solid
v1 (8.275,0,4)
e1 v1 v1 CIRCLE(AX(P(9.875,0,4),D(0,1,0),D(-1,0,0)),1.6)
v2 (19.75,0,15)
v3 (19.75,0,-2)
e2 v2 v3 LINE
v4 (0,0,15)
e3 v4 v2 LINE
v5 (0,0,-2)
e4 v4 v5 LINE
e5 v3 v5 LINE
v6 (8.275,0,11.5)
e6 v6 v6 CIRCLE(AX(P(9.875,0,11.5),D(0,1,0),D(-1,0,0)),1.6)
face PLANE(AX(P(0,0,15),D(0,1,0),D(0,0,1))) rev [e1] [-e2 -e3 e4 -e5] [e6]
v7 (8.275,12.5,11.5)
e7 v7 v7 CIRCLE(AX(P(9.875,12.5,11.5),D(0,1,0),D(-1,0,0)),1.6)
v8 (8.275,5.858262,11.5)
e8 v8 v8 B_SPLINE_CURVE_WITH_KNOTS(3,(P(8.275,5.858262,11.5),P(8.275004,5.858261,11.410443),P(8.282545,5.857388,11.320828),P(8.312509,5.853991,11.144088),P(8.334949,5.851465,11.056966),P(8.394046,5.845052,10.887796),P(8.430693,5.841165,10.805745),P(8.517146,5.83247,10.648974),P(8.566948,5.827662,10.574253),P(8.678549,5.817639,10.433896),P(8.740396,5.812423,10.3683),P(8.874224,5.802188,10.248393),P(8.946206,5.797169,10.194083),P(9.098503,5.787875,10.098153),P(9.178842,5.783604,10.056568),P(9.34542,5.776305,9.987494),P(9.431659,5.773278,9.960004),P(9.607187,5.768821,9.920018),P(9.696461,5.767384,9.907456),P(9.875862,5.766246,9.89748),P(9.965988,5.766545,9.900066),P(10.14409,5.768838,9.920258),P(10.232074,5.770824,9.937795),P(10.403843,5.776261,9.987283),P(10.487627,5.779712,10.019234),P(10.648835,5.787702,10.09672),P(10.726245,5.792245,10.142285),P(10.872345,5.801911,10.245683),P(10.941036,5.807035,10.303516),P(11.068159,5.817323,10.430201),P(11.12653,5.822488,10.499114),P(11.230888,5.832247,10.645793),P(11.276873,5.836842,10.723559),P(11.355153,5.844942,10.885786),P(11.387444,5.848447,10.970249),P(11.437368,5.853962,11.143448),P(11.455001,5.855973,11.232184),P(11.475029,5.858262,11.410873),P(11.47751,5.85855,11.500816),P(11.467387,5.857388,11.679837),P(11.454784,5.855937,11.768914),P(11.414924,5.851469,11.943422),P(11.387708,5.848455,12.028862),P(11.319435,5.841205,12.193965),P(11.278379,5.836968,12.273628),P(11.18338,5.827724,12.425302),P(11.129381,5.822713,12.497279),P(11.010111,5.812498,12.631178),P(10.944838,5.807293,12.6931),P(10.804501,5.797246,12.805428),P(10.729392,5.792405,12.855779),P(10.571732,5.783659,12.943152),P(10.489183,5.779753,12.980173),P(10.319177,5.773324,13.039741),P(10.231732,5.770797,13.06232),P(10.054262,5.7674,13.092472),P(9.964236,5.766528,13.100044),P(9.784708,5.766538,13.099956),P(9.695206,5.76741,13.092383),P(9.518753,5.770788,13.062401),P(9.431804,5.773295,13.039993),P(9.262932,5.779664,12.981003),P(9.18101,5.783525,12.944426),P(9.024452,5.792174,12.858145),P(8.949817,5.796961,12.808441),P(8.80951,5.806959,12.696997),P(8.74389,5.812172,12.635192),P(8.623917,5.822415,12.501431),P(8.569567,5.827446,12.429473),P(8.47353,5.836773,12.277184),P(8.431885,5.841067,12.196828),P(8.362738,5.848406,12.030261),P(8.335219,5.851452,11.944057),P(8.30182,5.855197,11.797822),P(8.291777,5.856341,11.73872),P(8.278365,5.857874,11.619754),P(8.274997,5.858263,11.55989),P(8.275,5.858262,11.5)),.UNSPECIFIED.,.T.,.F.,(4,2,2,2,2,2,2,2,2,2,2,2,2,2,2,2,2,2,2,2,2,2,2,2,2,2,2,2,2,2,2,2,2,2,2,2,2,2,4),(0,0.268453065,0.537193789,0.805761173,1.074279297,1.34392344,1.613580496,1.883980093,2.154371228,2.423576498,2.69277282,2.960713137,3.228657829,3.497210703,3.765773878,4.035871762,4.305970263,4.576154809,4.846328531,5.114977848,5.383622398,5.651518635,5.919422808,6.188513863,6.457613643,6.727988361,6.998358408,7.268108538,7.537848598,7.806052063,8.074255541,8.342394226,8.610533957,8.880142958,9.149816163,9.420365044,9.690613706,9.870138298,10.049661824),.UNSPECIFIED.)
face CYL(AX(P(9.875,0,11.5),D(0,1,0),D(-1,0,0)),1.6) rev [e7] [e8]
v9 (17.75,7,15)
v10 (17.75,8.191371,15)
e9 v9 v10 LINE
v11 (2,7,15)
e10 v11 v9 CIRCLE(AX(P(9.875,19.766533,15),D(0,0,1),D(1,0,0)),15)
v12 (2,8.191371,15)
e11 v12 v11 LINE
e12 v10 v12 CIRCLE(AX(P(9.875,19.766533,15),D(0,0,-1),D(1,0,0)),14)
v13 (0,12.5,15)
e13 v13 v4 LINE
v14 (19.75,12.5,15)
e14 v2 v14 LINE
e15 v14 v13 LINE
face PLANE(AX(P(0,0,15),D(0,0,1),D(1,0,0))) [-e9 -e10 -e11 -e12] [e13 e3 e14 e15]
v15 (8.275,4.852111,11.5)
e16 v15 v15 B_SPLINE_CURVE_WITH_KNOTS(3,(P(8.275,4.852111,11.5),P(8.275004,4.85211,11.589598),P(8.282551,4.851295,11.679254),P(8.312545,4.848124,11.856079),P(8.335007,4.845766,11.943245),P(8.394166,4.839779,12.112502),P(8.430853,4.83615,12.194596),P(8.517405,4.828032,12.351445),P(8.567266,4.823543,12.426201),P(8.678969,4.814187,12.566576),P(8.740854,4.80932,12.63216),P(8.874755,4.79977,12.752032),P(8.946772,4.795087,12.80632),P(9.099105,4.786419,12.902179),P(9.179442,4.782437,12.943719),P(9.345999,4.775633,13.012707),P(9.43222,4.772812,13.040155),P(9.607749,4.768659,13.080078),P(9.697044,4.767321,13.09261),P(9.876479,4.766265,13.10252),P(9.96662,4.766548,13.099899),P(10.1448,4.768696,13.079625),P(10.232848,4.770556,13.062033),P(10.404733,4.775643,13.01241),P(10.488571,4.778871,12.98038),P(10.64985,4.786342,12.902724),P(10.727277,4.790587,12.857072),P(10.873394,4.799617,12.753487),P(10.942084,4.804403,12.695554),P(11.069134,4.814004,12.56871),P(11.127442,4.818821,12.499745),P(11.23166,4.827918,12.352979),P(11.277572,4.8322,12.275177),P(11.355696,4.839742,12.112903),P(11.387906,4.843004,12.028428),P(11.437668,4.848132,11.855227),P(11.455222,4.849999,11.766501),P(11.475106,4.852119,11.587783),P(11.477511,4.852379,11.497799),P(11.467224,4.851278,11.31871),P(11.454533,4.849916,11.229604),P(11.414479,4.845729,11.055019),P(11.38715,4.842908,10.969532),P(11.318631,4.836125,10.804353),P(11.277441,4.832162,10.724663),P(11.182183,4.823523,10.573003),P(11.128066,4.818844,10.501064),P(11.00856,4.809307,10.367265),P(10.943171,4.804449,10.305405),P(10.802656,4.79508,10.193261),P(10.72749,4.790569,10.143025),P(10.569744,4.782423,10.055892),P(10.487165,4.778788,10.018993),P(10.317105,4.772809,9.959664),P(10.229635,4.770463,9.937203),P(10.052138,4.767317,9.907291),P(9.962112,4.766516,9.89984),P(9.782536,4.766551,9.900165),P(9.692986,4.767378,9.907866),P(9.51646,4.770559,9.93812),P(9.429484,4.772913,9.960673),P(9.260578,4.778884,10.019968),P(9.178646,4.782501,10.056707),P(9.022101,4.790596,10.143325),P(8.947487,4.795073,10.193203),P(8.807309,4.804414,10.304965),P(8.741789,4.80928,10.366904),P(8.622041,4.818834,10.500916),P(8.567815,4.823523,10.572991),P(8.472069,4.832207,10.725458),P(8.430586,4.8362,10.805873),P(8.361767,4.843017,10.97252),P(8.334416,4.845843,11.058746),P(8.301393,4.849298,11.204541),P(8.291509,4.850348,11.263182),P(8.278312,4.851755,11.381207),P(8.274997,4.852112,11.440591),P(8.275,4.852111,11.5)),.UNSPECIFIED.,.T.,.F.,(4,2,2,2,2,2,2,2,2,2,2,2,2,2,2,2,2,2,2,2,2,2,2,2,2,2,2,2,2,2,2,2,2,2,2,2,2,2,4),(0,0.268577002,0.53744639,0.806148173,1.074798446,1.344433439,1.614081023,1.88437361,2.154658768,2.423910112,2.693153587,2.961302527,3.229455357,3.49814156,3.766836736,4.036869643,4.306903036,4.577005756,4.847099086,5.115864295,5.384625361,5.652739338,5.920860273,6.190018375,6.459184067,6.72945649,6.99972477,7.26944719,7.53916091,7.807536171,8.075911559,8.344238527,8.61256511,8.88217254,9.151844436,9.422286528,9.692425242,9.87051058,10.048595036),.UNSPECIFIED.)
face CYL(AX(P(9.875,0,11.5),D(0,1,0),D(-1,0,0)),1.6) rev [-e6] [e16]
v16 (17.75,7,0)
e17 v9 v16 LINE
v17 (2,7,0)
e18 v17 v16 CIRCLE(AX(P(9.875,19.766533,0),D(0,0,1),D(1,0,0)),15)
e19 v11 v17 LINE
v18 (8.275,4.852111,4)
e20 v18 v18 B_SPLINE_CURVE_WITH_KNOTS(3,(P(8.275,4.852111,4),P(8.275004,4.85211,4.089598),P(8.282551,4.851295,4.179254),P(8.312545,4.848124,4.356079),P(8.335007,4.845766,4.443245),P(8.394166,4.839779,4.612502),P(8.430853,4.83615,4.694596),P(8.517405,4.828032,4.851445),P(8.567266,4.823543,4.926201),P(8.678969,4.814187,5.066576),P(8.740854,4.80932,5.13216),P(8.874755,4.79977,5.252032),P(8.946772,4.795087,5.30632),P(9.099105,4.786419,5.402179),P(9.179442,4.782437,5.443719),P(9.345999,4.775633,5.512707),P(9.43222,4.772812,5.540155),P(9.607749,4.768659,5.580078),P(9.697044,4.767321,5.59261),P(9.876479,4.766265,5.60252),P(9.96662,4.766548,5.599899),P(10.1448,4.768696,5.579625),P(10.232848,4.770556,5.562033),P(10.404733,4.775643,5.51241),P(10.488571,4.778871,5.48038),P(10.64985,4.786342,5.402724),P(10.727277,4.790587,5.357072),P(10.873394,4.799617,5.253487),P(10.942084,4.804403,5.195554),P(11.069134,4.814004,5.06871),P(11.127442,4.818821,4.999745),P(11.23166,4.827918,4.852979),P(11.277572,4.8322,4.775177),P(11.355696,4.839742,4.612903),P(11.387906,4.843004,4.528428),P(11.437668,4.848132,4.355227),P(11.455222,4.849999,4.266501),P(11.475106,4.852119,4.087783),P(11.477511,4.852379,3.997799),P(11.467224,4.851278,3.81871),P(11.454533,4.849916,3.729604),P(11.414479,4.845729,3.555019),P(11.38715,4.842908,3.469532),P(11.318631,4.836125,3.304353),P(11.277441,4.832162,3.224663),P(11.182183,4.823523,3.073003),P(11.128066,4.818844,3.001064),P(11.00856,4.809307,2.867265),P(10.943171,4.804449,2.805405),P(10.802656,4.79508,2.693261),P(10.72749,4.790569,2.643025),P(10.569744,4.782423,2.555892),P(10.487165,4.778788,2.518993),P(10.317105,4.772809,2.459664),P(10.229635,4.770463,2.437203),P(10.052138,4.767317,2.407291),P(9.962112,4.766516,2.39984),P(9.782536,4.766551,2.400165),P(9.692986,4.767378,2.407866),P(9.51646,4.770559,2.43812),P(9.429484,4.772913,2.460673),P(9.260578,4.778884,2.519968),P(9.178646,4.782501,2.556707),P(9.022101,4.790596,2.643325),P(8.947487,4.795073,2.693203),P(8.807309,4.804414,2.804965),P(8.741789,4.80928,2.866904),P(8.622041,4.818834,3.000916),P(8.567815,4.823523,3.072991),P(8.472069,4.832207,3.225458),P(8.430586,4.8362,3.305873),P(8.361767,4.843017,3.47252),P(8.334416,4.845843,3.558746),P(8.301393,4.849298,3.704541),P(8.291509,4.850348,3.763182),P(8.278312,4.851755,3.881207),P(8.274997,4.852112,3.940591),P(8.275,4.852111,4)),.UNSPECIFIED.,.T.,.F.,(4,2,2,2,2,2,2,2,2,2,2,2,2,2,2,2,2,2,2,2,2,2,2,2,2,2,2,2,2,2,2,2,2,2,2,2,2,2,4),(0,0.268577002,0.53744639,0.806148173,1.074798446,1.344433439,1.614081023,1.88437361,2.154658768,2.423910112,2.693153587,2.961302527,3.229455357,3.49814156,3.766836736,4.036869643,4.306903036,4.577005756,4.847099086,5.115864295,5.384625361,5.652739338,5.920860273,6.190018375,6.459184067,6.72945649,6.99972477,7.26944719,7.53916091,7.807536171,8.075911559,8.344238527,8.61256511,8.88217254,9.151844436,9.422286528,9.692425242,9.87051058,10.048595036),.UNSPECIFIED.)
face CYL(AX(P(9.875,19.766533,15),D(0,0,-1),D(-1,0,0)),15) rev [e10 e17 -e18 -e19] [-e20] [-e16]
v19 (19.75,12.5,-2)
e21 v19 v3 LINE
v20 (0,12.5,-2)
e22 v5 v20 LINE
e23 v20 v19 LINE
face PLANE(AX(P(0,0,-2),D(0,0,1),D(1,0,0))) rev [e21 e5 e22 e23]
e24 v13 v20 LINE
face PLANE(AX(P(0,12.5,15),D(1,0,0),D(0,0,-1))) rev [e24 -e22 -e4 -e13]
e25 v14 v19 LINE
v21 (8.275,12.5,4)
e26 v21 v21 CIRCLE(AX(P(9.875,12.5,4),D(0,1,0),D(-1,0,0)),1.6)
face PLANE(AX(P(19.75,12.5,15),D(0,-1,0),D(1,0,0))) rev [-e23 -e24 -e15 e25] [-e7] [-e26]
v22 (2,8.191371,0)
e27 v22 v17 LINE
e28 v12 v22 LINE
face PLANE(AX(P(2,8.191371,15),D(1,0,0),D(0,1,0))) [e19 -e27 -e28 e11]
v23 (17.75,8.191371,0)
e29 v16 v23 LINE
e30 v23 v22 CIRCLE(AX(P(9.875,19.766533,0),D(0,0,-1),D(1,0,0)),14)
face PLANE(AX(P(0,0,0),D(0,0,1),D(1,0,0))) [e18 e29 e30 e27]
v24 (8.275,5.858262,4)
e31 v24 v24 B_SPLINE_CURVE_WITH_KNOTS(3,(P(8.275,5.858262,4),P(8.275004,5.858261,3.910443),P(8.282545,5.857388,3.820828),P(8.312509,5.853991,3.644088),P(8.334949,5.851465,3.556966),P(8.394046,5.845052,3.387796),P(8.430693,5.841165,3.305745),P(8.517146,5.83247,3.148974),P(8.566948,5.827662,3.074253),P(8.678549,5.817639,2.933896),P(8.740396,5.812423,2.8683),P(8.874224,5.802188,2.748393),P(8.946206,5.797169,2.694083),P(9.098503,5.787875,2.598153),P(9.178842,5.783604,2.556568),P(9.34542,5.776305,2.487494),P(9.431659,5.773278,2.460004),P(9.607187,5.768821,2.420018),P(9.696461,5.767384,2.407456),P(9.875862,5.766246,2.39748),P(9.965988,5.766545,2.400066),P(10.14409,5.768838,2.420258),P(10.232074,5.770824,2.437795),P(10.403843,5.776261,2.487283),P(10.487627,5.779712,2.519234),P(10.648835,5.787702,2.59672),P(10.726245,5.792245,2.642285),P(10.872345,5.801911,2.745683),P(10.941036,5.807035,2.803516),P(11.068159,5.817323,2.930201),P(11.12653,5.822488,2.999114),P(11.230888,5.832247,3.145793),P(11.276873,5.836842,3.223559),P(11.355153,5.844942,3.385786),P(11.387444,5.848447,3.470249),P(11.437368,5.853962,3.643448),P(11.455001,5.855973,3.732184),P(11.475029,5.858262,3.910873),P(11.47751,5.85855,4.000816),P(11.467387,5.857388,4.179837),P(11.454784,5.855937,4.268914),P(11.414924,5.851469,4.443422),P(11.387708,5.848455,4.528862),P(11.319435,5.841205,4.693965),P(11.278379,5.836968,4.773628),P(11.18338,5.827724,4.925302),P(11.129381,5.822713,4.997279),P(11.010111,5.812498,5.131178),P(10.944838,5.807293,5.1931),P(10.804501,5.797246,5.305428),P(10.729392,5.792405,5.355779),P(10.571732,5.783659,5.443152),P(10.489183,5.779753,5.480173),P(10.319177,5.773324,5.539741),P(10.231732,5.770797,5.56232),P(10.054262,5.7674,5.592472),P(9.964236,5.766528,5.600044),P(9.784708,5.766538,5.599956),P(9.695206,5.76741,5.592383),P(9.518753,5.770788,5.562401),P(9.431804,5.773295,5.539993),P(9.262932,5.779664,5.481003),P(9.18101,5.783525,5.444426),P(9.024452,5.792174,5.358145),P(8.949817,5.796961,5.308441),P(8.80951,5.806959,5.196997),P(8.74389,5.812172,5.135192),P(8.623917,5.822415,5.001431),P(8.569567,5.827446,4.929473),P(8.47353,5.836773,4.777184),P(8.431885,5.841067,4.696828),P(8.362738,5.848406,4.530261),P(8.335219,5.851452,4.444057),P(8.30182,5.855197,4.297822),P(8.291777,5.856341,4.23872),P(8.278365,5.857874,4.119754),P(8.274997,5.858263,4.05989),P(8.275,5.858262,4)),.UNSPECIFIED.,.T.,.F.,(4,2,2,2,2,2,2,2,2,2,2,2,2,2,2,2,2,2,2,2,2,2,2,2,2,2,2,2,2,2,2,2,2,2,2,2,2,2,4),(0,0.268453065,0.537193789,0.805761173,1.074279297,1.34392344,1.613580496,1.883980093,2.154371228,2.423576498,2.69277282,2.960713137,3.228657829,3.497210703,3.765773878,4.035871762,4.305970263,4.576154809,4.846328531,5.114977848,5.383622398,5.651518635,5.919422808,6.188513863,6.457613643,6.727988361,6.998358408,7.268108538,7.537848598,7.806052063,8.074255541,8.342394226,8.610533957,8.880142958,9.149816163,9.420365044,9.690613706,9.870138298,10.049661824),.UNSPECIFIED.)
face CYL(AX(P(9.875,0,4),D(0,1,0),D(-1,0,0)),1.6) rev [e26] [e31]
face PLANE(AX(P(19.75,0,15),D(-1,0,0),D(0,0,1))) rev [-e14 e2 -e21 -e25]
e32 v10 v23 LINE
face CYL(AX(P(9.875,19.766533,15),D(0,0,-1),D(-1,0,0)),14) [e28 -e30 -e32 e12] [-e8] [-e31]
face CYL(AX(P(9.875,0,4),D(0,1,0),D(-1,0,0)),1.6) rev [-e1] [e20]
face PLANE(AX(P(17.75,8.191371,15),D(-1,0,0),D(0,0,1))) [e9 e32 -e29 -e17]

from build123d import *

# Parameters (mm, degrees)
SKETCH1_W           = 19.75
SKETCH1_H           = 12.5
BOSS_EXTRUDE1_DEPTH = 15
SKETCH2_R           = 1.6
CUT_EXTRUDE1_DEPTH  = 13.5
SKETCH3_W           = 19.75
SKETCH3_H           = 12.5
BOSS_EXTRUDE2_DEPTH = 2


with BuildPart() as part:
    # Sketch1 → Boss-Extrude1 (new body)
    with BuildSketch(Plane.XY):
        with Locations((9.875, 6.25)):
            Rectangle(SKETCH1_W, SKETCH1_H)
        with BuildLine():
            Line((17.75, 8.191371412), (17.75, 7))
            ThreePointArc((17.75, 7), (9.875, 4.766533398), (2, 7))
            Line((2, 7), (2, 8.191371412))
            ThreePointArc((2, 8.191371412), (9.875, 5.766533398), (17.75, 8.191371412))
        make_face(mode=Mode.SUBTRACT)
    extrude(amount=BOSS_EXTRUDE1_DEPTH)

    # Sketch2 → Cut-Extrude1 (cut, through all)
    with BuildSketch(Plane(origin=(0, 12.5, 0), x_dir=(1, 0, 0), z_dir=(0, 1, 0))):
        with Locations((9.875, -11.5)):
            Circle(SKETCH2_R)
        with Locations((9.875, -4)):
            Circle(SKETCH2_R)
    extrude(amount=-CUT_EXTRUDE1_DEPTH, mode=Mode.SUBTRACT)

    # Sketch3 → Boss-Extrude2 (add)
    with BuildSketch(Plane(origin=(0, 0, 0), x_dir=(-1, 0, 0), z_dir=(0, 0, -1))):
        with Locations((-9.875, 6.25)):
            Rectangle(SKETCH3_W, SKETCH3_H)
    extrude(amount=BOSS_EXTRUDE2_DEPTH)


solid = part.part
